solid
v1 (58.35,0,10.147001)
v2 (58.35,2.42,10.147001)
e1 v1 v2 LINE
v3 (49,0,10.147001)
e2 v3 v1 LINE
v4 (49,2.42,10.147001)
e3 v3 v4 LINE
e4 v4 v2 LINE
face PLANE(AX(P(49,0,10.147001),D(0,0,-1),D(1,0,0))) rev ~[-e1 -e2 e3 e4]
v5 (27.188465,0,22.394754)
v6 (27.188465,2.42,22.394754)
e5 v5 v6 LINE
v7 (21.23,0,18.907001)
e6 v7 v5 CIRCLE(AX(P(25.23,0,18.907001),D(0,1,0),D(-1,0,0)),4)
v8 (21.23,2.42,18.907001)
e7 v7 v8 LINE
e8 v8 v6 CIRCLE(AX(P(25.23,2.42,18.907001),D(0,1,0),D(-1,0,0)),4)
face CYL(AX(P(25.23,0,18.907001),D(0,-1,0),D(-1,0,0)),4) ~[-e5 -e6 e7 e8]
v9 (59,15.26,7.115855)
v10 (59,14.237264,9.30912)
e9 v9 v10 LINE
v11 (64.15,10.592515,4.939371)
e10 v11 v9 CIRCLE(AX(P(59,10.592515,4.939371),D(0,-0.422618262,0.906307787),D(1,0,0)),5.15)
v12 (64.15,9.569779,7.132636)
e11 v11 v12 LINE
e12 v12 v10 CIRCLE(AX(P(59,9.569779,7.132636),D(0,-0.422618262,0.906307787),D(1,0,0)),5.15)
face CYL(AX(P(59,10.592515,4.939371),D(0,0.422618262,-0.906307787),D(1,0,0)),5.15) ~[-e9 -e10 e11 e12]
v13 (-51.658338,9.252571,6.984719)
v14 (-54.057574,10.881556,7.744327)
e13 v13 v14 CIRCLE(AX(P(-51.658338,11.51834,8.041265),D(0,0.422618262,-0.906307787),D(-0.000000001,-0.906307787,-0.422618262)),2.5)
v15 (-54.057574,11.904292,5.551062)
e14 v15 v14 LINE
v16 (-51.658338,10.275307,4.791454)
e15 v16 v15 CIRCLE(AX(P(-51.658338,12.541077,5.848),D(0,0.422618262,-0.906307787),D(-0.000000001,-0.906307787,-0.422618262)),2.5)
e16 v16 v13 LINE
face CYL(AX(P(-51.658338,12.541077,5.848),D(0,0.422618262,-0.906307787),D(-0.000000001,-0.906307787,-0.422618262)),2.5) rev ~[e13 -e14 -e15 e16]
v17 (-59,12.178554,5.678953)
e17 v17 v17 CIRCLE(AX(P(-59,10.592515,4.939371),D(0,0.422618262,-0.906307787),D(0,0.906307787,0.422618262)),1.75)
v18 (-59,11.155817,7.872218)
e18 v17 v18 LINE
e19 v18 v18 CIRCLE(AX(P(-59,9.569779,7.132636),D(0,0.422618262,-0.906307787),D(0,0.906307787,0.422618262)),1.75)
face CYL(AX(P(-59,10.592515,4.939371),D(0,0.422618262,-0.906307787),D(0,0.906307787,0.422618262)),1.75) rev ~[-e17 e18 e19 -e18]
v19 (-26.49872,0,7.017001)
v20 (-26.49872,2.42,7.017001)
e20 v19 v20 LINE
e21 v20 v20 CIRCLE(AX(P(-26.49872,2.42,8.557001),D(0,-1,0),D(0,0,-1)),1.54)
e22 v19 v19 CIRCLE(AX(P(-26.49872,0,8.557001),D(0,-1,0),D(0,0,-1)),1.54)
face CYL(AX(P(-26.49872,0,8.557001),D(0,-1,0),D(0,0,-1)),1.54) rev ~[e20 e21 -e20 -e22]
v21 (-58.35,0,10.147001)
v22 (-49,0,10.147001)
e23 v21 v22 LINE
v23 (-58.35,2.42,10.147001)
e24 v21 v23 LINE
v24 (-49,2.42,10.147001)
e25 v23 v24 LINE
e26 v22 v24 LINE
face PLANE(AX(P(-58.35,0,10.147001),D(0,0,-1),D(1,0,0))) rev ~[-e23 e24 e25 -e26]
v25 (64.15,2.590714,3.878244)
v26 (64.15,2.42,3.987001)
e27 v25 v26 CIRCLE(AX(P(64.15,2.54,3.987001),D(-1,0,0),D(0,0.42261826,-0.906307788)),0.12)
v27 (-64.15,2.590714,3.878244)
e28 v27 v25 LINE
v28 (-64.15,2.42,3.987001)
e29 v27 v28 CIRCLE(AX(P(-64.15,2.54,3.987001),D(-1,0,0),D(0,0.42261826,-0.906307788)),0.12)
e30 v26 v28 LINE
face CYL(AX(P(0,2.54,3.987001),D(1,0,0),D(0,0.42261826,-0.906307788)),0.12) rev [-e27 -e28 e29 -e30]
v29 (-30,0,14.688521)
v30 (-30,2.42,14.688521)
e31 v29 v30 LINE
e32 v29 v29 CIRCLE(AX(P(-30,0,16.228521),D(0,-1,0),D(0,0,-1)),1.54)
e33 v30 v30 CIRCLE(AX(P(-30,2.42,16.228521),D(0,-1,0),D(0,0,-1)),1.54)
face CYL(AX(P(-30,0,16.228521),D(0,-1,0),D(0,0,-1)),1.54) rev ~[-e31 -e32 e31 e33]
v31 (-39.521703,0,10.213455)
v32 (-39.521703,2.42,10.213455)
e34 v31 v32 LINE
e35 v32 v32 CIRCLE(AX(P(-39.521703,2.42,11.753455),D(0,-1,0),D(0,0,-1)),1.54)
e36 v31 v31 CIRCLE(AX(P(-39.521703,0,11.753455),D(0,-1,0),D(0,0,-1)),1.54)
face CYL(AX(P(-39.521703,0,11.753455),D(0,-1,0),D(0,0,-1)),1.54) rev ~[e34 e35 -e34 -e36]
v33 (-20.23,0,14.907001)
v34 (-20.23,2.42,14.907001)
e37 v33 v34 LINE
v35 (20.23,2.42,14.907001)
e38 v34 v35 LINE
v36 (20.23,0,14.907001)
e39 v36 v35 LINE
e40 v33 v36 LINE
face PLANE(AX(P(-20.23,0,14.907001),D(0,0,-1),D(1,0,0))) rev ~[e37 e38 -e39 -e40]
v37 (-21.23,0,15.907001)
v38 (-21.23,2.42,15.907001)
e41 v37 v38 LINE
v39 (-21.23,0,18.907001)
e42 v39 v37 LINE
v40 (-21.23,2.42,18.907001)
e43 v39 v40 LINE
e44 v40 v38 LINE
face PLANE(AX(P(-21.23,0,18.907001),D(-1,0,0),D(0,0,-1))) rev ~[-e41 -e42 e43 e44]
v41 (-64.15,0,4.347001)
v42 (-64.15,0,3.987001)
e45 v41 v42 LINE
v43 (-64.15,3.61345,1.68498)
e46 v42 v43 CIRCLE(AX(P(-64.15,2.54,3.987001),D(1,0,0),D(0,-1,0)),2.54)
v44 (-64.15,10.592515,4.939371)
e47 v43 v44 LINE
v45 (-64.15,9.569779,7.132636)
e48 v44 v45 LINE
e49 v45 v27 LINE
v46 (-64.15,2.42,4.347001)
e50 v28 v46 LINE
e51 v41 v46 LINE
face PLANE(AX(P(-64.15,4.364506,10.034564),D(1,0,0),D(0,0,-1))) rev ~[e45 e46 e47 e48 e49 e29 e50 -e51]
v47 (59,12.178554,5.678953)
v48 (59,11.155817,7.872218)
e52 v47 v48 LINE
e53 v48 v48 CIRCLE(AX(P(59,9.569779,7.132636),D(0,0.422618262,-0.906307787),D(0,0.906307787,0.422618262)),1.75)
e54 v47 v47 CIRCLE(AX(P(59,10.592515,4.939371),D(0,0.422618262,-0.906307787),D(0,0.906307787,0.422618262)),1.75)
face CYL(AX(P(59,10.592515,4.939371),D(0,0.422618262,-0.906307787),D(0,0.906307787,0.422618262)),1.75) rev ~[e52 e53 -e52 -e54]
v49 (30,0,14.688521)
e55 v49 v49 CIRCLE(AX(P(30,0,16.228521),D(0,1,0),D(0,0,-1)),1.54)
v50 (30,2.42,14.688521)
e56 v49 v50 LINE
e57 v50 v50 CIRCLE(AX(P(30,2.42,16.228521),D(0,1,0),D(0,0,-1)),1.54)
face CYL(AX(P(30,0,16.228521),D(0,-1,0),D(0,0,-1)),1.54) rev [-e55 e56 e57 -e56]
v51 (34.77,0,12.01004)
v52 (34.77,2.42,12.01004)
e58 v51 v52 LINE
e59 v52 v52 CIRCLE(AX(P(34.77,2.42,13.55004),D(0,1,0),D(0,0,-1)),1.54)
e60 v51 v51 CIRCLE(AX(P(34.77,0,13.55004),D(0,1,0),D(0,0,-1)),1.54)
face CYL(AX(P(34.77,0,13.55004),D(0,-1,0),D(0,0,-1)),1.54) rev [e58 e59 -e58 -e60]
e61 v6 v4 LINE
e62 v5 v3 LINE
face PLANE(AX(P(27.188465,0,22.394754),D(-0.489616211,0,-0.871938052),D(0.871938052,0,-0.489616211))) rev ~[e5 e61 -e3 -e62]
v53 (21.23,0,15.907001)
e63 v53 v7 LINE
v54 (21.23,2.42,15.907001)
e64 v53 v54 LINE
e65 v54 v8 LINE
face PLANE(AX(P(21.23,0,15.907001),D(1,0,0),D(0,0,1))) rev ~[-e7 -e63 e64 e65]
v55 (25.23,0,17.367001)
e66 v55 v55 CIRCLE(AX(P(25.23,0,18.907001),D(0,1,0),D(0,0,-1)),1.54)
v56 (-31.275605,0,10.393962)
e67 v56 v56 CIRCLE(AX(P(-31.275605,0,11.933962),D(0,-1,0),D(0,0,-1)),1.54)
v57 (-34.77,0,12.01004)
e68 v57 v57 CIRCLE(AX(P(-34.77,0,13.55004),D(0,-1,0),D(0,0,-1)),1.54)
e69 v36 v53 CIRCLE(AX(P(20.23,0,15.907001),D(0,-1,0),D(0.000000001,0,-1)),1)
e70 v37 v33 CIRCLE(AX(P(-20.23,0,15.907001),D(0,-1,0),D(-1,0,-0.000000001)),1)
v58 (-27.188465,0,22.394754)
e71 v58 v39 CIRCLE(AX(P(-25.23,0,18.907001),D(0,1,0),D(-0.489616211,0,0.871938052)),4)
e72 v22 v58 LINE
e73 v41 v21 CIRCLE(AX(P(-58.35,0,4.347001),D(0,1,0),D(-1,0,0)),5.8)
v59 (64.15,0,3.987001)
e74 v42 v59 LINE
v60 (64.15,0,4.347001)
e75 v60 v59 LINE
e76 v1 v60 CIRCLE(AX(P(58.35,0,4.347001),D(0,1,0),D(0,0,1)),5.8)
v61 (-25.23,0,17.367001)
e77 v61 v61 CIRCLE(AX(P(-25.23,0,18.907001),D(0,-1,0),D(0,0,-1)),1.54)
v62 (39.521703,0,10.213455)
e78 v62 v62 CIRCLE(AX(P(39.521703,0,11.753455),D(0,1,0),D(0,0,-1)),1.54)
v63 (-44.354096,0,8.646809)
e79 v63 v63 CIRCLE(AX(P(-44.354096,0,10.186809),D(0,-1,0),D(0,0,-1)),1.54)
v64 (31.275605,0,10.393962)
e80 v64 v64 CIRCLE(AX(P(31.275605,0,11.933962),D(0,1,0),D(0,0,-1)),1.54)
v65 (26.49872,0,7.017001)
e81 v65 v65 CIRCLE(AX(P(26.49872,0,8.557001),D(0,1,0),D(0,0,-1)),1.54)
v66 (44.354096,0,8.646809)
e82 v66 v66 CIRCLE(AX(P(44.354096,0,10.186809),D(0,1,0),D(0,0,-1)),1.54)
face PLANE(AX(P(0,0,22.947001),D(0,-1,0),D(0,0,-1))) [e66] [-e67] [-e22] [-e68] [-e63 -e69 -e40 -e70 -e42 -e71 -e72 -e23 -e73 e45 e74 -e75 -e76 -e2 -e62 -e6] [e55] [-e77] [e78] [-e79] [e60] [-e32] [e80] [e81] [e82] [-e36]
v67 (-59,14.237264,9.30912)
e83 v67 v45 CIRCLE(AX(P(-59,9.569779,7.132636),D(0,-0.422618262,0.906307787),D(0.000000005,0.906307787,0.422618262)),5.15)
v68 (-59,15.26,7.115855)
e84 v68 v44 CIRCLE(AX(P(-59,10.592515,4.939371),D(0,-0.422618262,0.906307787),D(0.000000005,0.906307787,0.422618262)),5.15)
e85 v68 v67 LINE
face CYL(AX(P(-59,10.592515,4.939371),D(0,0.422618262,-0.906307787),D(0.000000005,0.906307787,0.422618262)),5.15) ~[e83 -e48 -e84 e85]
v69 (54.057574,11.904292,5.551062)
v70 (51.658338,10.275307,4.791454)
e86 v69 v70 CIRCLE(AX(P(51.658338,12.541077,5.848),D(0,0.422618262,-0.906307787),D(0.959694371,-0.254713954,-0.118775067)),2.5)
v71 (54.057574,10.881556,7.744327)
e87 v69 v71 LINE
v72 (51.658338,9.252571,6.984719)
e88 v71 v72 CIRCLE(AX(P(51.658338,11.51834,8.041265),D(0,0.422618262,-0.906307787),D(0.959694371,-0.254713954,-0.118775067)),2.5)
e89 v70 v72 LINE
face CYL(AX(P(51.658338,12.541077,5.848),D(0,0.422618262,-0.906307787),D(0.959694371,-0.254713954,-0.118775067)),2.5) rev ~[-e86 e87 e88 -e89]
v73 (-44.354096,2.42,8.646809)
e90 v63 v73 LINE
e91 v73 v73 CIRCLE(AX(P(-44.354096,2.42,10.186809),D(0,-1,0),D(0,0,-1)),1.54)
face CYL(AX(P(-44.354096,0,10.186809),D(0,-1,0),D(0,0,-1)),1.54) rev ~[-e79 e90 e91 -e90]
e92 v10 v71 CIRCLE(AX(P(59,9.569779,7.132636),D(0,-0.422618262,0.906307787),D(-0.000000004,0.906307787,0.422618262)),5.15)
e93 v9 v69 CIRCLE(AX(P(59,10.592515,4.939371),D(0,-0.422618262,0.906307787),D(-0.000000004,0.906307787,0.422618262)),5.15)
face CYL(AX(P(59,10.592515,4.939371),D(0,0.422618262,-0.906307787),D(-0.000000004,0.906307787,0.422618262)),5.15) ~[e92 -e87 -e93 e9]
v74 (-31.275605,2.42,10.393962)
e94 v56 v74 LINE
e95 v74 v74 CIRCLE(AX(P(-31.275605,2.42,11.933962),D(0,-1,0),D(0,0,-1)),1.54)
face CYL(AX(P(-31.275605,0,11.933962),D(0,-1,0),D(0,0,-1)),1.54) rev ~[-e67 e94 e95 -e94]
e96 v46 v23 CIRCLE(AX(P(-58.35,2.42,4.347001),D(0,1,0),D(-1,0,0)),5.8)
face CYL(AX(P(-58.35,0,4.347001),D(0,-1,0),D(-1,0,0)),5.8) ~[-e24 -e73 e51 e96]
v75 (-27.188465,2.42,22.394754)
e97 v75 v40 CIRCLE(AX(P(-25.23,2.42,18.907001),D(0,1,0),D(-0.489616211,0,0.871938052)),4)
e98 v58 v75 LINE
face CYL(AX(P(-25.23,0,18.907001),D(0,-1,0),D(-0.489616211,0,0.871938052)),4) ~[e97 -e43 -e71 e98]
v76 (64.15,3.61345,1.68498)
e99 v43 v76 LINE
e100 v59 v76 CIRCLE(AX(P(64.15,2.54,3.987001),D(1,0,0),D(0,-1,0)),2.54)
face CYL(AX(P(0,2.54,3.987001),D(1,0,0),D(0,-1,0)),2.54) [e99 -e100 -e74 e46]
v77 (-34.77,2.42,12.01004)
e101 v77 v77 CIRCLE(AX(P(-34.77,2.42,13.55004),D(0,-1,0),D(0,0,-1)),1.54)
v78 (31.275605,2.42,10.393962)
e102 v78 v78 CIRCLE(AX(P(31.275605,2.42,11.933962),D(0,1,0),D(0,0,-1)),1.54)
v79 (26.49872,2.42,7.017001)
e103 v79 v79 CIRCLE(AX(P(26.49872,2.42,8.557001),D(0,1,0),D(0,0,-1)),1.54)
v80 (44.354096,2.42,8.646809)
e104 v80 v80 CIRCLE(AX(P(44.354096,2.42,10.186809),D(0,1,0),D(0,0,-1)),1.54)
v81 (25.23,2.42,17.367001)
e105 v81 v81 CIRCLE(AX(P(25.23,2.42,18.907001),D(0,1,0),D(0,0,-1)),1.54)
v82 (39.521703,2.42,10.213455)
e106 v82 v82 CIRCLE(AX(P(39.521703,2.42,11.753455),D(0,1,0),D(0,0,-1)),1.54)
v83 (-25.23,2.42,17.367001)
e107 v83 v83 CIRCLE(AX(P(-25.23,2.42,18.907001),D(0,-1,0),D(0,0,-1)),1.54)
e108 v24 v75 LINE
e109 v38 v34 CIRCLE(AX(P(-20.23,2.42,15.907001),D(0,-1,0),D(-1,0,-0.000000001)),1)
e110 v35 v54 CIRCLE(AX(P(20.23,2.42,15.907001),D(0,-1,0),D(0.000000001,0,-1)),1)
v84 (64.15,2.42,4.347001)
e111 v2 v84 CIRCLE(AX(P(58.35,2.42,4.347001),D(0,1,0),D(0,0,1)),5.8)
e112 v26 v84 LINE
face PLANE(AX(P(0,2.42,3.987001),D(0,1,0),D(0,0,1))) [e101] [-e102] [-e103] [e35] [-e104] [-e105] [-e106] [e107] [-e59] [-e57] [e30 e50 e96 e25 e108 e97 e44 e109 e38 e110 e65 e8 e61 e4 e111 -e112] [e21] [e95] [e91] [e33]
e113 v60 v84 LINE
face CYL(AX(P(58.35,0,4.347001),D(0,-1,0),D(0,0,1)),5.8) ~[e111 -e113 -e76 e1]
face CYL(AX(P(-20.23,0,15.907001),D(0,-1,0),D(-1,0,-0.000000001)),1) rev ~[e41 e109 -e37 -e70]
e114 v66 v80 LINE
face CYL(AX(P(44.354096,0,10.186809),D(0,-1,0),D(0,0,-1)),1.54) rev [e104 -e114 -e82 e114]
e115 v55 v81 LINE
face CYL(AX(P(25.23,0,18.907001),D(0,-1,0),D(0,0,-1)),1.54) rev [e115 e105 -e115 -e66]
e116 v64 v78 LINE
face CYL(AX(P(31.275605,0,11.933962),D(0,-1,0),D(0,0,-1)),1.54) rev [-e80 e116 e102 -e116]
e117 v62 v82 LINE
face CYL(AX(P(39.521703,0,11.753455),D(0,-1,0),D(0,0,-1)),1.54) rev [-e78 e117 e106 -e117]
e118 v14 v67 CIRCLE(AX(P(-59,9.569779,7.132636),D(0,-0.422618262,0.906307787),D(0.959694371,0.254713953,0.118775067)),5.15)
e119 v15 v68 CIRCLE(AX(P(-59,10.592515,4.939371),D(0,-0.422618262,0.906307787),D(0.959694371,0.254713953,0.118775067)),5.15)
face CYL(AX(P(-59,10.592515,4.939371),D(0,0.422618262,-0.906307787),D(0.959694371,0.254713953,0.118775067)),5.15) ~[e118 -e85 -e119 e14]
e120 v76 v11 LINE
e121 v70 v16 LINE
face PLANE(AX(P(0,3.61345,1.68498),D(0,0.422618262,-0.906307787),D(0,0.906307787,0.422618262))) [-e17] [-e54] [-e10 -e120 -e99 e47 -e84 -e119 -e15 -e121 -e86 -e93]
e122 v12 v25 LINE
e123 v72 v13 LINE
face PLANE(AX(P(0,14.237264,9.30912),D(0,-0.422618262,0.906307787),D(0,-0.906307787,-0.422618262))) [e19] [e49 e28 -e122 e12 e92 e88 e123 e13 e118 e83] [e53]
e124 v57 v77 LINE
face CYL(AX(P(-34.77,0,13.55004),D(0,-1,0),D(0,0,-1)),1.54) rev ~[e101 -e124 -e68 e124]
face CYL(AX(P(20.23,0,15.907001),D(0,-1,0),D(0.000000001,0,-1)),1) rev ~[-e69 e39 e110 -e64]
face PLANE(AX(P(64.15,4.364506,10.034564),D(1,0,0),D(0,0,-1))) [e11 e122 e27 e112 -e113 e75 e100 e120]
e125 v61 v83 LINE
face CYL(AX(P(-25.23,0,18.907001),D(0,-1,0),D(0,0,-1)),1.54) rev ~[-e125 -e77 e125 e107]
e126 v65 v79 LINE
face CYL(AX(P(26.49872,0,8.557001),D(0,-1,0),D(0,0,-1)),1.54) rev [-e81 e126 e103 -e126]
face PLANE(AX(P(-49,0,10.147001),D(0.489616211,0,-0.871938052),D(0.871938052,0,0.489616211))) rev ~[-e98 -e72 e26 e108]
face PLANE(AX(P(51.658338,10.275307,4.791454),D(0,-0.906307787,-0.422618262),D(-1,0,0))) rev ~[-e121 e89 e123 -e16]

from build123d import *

# Parameters (mm, degrees)
BOSS_EXTRUDE1_DEPTH = 64.15
SKETCH2_R           = 1.75
CUT_EXTRUDE1_DEPTH  = 2.42
CUT_EXTRUDE2_DEPTH  = 2.42
SKETCH4_R           = 1.54
CUT_EXTRUDE3_DEPTH  = 2.42


with BuildPart() as part:
    # Sketch1 → Boss-Extrude1 (new, symmetric)
    with BuildSketch(Plane(origin=(0, 0, 0), x_dir=(0, 0, -1), z_dir=(1, 0, 0))):
        with BuildLine():
            Line((-22.947001366, 0), (-3.987001366, 0))
            ThreePointArc((-3.987001366, 0), (-1.844787094, 1.175258995), (-1.684979587, 3.613450385))
            Line((-1.684979587, 3.613450385), (-7.115854863, 15.26))
            Line((-7.115854863, 15.26), (-9.309119708, 14.237263807))
            Line((-9.309119708, 14.237263807), (-3.878244431, 2.590714191))
            ThreePointArc((-3.878244431, 2.590714191), (-3.885794392, 2.475524047), (-3.987001366, 2.42))
            Line((-3.987001366, 2.42), (-22.947001366, 2.42))
            Line((-22.947001366, 2.42), (-22.947001366, 0))
        make_face()
    extrude(amount=BOSS_EXTRUDE1_DEPTH, both=True)

    # Sketch2 → Cut-Extrude1 (cut)
    with BuildSketch(Plane(origin=(0, 0, 0), x_dir=(-1, 0, 0), z_dir=(0, 0.4226182617407038, -0.9063077870366478))):
        with BuildLine():
            ThreePointArc((-64.15, 11.687547043), (-62.641599916, 15.329146974), (-58.999999979, 16.837547043))
            Line((-58.999999979, 16.837547043), (-64.15, 16.837547043))
            Line((-64.15, 16.837547043), (-64.15, 11.687547043))
        make_face()
        with BuildLine():
            ThreePointArc((54.05757399, 13.134932664), (55.912244813, 15.809229698), (58.999999973, 16.837547043))
            Line((58.999999973, 16.837547043), (-58.999999979, 16.837547043))
            ThreePointArc((-58.999999979, 16.837547043), (-55.912244816, 15.8092297), (-54.05757399, 13.134932664))
            ThreePointArc((-54.05757399, 13.134932664), (-53.157248342, 11.836730217), (-51.658338063, 11.337547043))
            Line((-51.658338063, 11.337547043), (51.658338063, 11.337547043))
            ThreePointArc((51.658338063, 11.337547043), (53.157248342, 11.836730217), (54.05757399, 13.134932664))
        make_face()
        with BuildLine():
            ThreePointArc((58.999999973, 16.837547043), (62.641599913, 15.329146976), (64.15, 11.687547043))
            Line((64.15, 11.687547043), (64.15, 16.837547043))
            Line((64.15, 16.837547043), (58.999999973, 16.837547043))
        make_face()
        with Locations(Location((-59, 11.687547043, 0), (0, 0, 90))):
            Circle(SKETCH2_R)
        with Locations(Location((59, 11.687547043, 0), (0, 0, 90))):
            Circle(SKETCH2_R)
    extrude(amount=-CUT_EXTRUDE1_DEPTH, mode=Mode.SUBTRACT)

    # Sketch3 → Cut-Extrude2 (cut)
    with BuildSketch(Plane.XZ):
        with BuildLine():
            ThreePointArc((-64.15, 4.347001366), (-62.451219331, 8.448220697), (-58.35, 10.147001366))
            Line((-58.35, 10.147001366), (-49, 10.147001366))
            Line((-49, 10.147001366), (-27.188464844, 22.394753573))
            ThreePointArc((-27.188464844, 22.394753573), (-23.20933914, 22.359091991), (-21.23, 18.907001366))
            Line((-21.23, 18.907001366), (-21.23, 15.907001366))
            ThreePointArc((-21.23, 15.907001366), (-20.937106781, 15.199894585), (-20.23, 14.907001366))
            Line((-20.23, 14.907001366), (20.23, 14.907001366))
            ThreePointArc((20.23, 14.907001366), (20.937106781, 15.199894585), (21.23, 15.907001366))
            Line((21.23, 15.907001366), (21.23, 18.907001366))
            ThreePointArc((21.23, 18.907001366), (23.20933914, 22.359091991), (27.188464844, 22.394753573))
            Line((27.188464844, 22.394753573), (49, 10.147001366))
            Line((49, 10.147001366), (58.35, 10.147001366))
            ThreePointArc((58.35, 10.147001366), (62.451219331, 8.448220697), (64.15, 4.347001366))
            Line((64.15, 4.347001366), (64.15, 22.947001366))
            Line((64.15, 22.947001366), (-64.15, 22.947001366))
            Line((-64.15, 22.947001366), (-64.15, 4.347001366))
        make_face()
    extrude(amount=-CUT_EXTRUDE2_DEPTH, mode=Mode.SUBTRACT)

    # Sketch4 → Cut-Extrude3 (cut)
    with BuildSketch(Plane.XZ):
        with Locations(Location((-25.23, 18.907001366, 0), (0, 0, 270))):
            Circle(SKETCH4_R)
        with Locations(Location((-30, 16.228520571, 0), (0, 0, 270))):
            Circle(SKETCH4_R)
        with Locations(Location((-34.77, 13.550039776, 0), (0, 0, 270))):
            Circle(SKETCH4_R)
        with Locations(Location((-31.275605409, 11.933962289, 0), (0, 0, 270))):
            Circle(SKETCH4_R)
        with Locations(Location((-39.521703084, 11.753454736, 0), (0, 0, 270))):
            Circle(SKETCH4_R)
        with Locations(Location((-44.354096024, 10.186809126, 0), (0, 0, 270))):
            Circle(SKETCH4_R)
        with Locations(Location((-26.498719925, 8.557001366, 0), (0, 0, 270))):
            Circle(SKETCH4_R)
    cut_extrude3 = extrude(amount=-CUT_EXTRUDE3_DEPTH, mode=Mode.SUBTRACT)

    # Mirror1: Cut-Extrude3 across plane
    add(cut_extrude3.mirror(Plane(origin=(0, 0, 0), x_dir=(0, 0, 1), z_dir=(1, 0, 0))), mode=Mode.SUBTRACT)


solid = part.part
